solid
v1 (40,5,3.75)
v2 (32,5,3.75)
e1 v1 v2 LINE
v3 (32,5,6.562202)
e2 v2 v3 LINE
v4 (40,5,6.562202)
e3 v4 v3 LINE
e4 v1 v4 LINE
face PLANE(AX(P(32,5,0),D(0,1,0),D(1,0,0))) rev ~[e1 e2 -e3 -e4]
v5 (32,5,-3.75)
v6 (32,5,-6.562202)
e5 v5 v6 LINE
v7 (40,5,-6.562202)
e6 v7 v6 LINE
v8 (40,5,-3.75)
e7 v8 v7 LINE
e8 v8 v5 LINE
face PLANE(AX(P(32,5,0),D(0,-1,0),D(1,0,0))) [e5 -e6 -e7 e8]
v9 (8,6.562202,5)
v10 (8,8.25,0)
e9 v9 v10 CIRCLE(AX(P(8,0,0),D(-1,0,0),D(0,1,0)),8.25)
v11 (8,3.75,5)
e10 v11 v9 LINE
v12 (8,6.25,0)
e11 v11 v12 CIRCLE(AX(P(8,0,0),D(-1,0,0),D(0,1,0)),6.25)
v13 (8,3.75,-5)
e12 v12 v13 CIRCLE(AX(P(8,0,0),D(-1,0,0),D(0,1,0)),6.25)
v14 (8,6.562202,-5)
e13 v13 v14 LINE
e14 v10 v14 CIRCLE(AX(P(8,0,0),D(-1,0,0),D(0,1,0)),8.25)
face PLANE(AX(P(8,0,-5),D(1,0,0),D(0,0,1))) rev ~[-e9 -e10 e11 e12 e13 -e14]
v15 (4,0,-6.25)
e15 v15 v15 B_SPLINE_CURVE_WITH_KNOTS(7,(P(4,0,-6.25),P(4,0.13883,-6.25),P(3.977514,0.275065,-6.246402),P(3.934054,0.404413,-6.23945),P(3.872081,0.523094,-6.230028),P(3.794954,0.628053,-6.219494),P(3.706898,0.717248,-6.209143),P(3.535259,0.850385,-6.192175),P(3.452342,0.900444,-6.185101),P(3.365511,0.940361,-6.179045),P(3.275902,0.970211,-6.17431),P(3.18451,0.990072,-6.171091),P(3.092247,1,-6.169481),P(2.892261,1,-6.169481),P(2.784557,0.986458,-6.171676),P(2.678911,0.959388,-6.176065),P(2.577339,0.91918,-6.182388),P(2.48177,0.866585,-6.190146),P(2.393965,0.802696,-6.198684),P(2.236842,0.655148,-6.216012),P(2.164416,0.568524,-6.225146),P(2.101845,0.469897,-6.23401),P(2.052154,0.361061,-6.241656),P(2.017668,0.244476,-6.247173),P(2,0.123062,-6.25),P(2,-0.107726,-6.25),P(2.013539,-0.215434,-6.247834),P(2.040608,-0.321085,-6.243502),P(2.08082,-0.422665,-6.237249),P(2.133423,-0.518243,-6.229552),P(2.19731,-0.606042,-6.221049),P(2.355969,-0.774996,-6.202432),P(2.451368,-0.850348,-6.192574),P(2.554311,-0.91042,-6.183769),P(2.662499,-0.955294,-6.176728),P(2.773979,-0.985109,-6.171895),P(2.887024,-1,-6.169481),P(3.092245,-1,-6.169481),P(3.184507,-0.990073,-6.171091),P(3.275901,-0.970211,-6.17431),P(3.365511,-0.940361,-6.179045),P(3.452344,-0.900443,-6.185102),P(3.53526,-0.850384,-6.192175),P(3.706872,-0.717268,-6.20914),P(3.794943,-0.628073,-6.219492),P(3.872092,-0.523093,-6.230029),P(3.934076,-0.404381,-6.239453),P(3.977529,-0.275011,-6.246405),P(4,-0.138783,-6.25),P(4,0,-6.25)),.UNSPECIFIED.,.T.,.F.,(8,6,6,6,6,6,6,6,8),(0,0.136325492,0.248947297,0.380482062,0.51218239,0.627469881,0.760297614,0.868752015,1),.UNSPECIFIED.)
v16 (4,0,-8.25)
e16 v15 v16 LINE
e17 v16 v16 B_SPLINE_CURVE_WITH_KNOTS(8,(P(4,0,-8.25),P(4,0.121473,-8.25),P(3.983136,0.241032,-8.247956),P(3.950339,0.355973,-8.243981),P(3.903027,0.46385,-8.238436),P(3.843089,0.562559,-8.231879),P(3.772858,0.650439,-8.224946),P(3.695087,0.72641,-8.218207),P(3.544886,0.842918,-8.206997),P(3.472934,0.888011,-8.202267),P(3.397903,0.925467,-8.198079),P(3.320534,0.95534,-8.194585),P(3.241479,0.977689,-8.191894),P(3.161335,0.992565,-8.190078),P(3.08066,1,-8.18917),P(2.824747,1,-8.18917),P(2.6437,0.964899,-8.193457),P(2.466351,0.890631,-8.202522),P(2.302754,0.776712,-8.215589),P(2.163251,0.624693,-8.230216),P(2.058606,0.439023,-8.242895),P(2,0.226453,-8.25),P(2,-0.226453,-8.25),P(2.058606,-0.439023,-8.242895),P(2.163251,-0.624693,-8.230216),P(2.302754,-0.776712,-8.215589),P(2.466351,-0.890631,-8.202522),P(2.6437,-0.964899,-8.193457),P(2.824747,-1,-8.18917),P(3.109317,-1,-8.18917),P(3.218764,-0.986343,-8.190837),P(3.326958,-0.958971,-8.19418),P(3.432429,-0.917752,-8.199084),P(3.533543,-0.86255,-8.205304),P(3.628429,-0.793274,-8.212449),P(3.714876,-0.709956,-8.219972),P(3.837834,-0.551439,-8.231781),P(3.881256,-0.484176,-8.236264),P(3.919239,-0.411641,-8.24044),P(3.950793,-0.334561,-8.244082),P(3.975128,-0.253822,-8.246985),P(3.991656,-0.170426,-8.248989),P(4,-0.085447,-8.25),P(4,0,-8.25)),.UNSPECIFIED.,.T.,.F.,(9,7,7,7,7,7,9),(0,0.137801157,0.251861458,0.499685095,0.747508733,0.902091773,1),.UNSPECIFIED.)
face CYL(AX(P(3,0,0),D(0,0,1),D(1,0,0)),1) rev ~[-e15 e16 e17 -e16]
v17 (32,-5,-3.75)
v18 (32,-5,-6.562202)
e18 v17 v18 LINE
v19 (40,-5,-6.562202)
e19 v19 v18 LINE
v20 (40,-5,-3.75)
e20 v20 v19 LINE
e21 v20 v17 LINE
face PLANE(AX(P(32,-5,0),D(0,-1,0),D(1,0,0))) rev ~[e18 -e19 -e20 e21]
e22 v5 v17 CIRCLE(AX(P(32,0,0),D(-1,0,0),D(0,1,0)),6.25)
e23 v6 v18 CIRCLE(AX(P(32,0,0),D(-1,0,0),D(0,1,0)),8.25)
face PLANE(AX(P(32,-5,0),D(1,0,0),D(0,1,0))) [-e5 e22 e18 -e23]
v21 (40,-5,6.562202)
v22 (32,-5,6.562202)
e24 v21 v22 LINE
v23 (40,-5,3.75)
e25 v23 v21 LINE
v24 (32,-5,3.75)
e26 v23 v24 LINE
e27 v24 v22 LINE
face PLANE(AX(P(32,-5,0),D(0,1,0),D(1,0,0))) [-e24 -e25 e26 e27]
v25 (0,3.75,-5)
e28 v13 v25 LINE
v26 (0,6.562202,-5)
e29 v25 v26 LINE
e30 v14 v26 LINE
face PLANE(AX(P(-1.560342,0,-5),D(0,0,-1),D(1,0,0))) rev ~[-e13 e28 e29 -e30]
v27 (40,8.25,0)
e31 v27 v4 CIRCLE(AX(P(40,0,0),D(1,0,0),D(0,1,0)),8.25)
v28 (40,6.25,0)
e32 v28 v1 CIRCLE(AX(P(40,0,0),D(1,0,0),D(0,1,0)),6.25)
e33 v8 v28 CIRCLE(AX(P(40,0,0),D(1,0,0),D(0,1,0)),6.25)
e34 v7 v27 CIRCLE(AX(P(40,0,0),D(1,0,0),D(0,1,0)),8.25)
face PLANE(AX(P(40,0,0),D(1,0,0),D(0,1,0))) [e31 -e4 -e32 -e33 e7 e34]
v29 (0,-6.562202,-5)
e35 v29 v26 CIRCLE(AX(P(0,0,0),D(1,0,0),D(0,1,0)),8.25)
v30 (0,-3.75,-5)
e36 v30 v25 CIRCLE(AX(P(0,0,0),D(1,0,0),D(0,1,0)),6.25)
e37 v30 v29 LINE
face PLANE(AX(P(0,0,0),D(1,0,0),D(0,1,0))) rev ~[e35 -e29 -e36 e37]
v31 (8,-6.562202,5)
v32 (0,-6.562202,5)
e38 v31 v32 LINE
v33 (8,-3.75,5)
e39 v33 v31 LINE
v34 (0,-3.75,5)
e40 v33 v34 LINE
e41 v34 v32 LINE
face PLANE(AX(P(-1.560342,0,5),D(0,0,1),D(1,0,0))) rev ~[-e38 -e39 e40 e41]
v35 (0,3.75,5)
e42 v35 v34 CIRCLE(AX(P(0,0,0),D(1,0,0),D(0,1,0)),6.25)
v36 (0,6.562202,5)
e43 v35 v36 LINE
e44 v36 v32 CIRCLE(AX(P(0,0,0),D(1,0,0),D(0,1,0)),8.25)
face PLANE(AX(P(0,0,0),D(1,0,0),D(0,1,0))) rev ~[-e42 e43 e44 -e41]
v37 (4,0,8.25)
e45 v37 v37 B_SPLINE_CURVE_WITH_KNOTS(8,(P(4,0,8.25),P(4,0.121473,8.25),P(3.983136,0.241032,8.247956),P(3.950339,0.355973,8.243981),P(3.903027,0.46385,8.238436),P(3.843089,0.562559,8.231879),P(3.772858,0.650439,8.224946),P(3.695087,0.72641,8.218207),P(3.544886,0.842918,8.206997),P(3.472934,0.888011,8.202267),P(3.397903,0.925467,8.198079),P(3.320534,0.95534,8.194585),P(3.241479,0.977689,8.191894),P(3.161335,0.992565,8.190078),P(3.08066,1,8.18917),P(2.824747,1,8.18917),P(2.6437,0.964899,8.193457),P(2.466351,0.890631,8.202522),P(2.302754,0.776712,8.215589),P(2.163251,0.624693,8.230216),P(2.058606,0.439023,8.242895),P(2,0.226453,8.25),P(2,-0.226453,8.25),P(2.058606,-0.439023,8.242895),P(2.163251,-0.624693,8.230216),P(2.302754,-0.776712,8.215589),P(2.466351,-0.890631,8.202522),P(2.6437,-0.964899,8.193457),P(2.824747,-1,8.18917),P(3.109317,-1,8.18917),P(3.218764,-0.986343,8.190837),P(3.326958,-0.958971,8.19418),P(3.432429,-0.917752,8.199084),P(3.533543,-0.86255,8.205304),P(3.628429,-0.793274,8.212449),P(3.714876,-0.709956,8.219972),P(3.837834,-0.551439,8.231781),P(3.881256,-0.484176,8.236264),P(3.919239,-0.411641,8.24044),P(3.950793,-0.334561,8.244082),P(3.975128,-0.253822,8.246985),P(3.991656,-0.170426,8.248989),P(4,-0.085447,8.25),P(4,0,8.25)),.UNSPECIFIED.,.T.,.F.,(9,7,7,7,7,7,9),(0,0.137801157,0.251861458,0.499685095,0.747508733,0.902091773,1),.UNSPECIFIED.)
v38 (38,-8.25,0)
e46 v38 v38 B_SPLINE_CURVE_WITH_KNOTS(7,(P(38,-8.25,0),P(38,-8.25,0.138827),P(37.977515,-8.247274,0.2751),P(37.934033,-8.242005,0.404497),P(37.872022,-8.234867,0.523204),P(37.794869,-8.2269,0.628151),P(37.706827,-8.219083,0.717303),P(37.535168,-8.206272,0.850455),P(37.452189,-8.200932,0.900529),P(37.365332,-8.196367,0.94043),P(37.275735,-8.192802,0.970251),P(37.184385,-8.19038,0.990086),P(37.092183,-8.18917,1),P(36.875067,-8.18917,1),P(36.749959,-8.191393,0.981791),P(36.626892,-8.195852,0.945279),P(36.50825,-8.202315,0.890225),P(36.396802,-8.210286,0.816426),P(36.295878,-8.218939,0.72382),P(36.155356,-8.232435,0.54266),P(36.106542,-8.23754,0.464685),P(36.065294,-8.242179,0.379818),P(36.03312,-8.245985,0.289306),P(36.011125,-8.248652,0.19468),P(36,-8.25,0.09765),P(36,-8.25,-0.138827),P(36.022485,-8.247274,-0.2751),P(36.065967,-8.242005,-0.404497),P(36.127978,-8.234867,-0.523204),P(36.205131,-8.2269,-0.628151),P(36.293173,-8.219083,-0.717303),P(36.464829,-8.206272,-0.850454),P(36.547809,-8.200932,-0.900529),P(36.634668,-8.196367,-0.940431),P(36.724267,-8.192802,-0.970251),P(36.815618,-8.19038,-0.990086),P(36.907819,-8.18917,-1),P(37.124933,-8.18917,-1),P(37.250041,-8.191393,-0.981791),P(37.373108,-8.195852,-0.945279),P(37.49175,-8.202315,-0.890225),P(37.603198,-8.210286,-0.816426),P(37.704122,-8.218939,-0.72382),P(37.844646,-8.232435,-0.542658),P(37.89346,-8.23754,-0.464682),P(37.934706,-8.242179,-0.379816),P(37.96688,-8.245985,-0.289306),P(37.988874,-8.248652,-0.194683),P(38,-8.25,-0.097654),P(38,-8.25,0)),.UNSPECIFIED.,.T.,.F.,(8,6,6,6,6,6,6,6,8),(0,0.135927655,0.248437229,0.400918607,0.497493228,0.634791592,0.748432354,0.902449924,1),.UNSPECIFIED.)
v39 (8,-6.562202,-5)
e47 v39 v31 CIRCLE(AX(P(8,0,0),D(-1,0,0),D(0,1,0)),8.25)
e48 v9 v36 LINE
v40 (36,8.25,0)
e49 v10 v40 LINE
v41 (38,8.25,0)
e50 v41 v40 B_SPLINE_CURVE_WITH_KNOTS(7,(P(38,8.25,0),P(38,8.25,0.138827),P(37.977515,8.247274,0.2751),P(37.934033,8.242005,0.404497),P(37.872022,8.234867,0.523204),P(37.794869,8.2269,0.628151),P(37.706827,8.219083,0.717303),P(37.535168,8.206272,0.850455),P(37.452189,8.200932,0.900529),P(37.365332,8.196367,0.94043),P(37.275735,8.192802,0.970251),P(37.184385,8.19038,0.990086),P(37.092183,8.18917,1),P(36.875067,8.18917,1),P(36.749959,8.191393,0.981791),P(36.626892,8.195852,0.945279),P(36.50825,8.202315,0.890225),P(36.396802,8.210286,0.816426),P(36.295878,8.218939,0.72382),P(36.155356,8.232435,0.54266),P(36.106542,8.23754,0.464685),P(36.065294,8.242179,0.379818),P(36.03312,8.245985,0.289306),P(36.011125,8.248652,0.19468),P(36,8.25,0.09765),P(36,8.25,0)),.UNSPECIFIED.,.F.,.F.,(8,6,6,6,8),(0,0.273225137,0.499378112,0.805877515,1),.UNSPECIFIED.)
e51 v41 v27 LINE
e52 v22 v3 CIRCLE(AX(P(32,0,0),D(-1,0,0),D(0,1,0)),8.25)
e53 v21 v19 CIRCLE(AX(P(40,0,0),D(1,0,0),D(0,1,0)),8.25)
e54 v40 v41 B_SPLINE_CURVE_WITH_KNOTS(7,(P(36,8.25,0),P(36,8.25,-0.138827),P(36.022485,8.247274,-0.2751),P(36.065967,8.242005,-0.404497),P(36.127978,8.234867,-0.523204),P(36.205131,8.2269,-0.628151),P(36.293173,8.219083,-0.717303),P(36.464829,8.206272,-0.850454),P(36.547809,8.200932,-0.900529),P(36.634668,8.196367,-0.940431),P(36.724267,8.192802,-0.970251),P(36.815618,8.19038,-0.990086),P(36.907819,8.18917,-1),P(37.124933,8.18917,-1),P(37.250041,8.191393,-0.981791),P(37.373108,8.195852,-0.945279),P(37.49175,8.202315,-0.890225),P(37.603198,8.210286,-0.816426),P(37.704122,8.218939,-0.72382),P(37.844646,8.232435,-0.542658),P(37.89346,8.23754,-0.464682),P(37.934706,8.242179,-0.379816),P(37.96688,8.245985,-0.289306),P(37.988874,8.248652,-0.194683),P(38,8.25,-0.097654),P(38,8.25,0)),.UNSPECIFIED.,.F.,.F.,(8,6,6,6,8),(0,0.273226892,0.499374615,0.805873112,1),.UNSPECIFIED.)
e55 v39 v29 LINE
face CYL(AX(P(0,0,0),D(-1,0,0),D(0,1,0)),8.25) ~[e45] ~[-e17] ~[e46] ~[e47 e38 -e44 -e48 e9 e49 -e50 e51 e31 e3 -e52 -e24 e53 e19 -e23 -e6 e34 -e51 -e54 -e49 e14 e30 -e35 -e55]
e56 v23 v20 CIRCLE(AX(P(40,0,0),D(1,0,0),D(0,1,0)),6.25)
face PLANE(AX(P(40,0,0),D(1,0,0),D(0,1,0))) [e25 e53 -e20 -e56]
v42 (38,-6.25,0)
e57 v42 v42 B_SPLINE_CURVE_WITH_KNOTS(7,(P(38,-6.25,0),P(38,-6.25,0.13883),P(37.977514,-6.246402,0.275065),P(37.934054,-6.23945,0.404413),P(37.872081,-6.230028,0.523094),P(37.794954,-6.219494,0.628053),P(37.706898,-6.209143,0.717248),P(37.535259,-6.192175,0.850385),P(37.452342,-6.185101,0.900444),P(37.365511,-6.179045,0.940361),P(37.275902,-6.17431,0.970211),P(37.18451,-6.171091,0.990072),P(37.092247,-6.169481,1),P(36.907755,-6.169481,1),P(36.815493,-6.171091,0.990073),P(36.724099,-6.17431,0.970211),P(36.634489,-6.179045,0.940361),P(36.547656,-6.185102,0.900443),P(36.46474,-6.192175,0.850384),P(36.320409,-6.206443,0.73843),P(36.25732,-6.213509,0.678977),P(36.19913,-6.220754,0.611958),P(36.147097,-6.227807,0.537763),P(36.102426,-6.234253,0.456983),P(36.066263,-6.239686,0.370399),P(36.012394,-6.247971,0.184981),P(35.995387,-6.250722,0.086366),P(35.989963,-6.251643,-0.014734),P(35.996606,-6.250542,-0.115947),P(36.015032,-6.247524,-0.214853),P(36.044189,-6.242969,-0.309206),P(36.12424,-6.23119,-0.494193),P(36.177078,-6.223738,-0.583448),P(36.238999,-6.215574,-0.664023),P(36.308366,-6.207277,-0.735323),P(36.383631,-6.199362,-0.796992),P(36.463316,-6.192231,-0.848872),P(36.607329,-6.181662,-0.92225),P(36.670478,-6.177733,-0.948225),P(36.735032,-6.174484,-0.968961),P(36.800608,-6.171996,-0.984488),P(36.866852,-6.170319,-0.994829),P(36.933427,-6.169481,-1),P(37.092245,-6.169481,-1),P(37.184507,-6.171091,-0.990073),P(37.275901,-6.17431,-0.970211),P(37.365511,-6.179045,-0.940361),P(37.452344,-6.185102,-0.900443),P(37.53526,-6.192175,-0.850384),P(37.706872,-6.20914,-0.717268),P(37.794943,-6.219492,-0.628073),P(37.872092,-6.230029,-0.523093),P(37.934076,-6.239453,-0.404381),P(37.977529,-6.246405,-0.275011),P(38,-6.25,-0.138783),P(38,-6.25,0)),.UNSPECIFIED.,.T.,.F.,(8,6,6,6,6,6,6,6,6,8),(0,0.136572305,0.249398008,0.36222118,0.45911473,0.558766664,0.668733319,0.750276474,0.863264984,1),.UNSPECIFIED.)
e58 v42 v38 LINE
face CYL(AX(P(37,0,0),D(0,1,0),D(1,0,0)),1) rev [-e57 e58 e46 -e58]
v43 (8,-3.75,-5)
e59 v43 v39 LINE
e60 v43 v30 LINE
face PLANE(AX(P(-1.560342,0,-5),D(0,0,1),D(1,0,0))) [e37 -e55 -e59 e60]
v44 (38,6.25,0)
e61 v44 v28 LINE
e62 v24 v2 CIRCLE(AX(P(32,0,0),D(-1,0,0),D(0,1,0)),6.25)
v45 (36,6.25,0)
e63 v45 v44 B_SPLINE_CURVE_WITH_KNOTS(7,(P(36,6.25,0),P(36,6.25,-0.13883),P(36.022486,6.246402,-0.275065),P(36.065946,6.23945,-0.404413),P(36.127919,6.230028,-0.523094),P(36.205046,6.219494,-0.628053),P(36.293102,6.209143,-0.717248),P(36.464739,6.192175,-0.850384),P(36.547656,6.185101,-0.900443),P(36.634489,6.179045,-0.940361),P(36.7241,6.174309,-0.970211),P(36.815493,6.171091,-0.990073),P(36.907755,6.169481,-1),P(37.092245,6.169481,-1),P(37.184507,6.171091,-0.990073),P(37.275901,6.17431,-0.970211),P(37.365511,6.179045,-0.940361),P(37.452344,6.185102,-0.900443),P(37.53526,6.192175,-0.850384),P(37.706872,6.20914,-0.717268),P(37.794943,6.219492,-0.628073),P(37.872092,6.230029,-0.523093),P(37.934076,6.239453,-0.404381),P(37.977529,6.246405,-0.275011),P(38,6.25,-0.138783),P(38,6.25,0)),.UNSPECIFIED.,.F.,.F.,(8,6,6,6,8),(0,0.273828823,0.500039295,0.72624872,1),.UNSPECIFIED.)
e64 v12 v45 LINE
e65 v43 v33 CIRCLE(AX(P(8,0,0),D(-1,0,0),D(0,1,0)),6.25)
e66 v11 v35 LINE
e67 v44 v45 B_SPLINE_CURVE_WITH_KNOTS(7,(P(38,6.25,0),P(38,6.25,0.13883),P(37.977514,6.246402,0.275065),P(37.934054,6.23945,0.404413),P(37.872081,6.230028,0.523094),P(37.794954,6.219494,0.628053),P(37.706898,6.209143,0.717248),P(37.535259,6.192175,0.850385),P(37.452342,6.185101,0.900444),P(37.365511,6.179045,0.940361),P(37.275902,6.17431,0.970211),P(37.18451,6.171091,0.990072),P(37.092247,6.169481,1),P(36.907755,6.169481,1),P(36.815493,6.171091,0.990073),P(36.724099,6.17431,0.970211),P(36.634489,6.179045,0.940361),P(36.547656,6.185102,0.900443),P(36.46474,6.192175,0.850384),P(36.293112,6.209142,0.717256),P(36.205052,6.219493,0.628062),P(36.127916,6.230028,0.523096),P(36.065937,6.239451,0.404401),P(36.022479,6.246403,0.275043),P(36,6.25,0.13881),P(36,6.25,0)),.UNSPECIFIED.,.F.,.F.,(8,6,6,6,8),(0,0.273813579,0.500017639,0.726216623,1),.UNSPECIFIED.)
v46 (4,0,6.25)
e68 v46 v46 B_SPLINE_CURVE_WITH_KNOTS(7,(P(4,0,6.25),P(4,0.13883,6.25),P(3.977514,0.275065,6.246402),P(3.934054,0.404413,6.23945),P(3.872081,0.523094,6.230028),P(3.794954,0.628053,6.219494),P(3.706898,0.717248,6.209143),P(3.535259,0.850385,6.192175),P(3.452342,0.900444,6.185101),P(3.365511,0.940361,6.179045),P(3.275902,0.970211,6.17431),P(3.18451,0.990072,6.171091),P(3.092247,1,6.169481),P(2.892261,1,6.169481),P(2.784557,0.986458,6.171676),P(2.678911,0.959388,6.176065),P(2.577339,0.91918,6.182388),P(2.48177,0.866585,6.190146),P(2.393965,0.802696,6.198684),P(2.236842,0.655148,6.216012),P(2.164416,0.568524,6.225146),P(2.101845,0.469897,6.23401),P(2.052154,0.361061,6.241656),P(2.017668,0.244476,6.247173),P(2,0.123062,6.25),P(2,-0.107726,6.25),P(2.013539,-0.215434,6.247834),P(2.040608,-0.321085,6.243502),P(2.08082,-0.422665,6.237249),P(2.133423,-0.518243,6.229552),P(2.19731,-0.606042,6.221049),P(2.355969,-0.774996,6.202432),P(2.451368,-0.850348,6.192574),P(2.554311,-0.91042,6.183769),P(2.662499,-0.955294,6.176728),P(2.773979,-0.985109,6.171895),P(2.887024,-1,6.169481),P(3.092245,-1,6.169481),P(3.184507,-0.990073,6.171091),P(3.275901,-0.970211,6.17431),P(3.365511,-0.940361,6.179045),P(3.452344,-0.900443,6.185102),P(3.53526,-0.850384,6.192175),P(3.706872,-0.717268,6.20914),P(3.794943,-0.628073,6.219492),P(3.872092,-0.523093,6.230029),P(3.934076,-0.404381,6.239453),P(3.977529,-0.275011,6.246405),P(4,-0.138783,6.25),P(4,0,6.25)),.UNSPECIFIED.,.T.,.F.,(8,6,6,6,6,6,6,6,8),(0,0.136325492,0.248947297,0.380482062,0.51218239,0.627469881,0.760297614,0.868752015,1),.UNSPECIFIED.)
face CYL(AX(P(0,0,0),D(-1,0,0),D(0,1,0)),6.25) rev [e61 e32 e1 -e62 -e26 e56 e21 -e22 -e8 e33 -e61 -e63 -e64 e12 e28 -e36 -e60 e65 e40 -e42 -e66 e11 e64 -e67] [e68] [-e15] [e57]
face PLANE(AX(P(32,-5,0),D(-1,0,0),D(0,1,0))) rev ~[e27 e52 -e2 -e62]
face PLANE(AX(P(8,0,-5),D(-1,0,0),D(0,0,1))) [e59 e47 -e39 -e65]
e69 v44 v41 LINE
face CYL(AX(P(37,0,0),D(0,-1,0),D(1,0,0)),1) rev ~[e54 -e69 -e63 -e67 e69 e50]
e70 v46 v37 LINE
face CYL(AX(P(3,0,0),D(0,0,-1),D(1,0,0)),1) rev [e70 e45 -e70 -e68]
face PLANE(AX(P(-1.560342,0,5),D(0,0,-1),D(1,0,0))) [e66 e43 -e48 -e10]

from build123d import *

# Parameters (mm, degrees)
F0_R          = 8.25
F0_R_2        = 6.25
F1_DEPTH      = 40
F2_W          = 20.5353749644
F2_H          = 10
F2_R          = 1
F3_DEPTH      = 25
F3_DEPTH_BACK = 25
F4_R          = 1
F4_W          = 9.5603424124
F4_H          = 10
F5_DEPTH      = 25
F5_DEPTH_BACK = 25


with BuildPart() as f1:
    # F0 (on Right) → F1 (new body)
    with BuildSketch(Plane.YZ):
        Circle(F0_R)
        Circle(F0_R_2, mode=Mode.SUBTRACT)
    extrude(amount=F1_DEPTH)

    # F2 (on Top) → F3 (cut, two sides)
    with BuildSketch(Plane.XY) as f3_sk:
        with Locations((42.2676874822, 0)):
            Rectangle(F2_W, F2_H)
        with Locations((3, 0)):
            Circle(F2_R)
    extrude(amount=-F3_DEPTH, mode=Mode.SUBTRACT)
    extrude(f3_sk.sketch, amount=F3_DEPTH_BACK, mode=Mode.SUBTRACT)

    # F4 (on Front) → F5 (cut, two sides)
    with BuildSketch(Plane.XZ) as f5_sk:
        with Locations((37, 0)):
            Circle(F4_R)
        with Locations((3.2198287938, 0)):
            Rectangle(F4_W, F4_H)
    extrude(amount=-F5_DEPTH, mode=Mode.SUBTRACT)
    extrude(f5_sk.sketch, amount=F5_DEPTH_BACK, mode=Mode.SUBTRACT)


solid = f1.part
